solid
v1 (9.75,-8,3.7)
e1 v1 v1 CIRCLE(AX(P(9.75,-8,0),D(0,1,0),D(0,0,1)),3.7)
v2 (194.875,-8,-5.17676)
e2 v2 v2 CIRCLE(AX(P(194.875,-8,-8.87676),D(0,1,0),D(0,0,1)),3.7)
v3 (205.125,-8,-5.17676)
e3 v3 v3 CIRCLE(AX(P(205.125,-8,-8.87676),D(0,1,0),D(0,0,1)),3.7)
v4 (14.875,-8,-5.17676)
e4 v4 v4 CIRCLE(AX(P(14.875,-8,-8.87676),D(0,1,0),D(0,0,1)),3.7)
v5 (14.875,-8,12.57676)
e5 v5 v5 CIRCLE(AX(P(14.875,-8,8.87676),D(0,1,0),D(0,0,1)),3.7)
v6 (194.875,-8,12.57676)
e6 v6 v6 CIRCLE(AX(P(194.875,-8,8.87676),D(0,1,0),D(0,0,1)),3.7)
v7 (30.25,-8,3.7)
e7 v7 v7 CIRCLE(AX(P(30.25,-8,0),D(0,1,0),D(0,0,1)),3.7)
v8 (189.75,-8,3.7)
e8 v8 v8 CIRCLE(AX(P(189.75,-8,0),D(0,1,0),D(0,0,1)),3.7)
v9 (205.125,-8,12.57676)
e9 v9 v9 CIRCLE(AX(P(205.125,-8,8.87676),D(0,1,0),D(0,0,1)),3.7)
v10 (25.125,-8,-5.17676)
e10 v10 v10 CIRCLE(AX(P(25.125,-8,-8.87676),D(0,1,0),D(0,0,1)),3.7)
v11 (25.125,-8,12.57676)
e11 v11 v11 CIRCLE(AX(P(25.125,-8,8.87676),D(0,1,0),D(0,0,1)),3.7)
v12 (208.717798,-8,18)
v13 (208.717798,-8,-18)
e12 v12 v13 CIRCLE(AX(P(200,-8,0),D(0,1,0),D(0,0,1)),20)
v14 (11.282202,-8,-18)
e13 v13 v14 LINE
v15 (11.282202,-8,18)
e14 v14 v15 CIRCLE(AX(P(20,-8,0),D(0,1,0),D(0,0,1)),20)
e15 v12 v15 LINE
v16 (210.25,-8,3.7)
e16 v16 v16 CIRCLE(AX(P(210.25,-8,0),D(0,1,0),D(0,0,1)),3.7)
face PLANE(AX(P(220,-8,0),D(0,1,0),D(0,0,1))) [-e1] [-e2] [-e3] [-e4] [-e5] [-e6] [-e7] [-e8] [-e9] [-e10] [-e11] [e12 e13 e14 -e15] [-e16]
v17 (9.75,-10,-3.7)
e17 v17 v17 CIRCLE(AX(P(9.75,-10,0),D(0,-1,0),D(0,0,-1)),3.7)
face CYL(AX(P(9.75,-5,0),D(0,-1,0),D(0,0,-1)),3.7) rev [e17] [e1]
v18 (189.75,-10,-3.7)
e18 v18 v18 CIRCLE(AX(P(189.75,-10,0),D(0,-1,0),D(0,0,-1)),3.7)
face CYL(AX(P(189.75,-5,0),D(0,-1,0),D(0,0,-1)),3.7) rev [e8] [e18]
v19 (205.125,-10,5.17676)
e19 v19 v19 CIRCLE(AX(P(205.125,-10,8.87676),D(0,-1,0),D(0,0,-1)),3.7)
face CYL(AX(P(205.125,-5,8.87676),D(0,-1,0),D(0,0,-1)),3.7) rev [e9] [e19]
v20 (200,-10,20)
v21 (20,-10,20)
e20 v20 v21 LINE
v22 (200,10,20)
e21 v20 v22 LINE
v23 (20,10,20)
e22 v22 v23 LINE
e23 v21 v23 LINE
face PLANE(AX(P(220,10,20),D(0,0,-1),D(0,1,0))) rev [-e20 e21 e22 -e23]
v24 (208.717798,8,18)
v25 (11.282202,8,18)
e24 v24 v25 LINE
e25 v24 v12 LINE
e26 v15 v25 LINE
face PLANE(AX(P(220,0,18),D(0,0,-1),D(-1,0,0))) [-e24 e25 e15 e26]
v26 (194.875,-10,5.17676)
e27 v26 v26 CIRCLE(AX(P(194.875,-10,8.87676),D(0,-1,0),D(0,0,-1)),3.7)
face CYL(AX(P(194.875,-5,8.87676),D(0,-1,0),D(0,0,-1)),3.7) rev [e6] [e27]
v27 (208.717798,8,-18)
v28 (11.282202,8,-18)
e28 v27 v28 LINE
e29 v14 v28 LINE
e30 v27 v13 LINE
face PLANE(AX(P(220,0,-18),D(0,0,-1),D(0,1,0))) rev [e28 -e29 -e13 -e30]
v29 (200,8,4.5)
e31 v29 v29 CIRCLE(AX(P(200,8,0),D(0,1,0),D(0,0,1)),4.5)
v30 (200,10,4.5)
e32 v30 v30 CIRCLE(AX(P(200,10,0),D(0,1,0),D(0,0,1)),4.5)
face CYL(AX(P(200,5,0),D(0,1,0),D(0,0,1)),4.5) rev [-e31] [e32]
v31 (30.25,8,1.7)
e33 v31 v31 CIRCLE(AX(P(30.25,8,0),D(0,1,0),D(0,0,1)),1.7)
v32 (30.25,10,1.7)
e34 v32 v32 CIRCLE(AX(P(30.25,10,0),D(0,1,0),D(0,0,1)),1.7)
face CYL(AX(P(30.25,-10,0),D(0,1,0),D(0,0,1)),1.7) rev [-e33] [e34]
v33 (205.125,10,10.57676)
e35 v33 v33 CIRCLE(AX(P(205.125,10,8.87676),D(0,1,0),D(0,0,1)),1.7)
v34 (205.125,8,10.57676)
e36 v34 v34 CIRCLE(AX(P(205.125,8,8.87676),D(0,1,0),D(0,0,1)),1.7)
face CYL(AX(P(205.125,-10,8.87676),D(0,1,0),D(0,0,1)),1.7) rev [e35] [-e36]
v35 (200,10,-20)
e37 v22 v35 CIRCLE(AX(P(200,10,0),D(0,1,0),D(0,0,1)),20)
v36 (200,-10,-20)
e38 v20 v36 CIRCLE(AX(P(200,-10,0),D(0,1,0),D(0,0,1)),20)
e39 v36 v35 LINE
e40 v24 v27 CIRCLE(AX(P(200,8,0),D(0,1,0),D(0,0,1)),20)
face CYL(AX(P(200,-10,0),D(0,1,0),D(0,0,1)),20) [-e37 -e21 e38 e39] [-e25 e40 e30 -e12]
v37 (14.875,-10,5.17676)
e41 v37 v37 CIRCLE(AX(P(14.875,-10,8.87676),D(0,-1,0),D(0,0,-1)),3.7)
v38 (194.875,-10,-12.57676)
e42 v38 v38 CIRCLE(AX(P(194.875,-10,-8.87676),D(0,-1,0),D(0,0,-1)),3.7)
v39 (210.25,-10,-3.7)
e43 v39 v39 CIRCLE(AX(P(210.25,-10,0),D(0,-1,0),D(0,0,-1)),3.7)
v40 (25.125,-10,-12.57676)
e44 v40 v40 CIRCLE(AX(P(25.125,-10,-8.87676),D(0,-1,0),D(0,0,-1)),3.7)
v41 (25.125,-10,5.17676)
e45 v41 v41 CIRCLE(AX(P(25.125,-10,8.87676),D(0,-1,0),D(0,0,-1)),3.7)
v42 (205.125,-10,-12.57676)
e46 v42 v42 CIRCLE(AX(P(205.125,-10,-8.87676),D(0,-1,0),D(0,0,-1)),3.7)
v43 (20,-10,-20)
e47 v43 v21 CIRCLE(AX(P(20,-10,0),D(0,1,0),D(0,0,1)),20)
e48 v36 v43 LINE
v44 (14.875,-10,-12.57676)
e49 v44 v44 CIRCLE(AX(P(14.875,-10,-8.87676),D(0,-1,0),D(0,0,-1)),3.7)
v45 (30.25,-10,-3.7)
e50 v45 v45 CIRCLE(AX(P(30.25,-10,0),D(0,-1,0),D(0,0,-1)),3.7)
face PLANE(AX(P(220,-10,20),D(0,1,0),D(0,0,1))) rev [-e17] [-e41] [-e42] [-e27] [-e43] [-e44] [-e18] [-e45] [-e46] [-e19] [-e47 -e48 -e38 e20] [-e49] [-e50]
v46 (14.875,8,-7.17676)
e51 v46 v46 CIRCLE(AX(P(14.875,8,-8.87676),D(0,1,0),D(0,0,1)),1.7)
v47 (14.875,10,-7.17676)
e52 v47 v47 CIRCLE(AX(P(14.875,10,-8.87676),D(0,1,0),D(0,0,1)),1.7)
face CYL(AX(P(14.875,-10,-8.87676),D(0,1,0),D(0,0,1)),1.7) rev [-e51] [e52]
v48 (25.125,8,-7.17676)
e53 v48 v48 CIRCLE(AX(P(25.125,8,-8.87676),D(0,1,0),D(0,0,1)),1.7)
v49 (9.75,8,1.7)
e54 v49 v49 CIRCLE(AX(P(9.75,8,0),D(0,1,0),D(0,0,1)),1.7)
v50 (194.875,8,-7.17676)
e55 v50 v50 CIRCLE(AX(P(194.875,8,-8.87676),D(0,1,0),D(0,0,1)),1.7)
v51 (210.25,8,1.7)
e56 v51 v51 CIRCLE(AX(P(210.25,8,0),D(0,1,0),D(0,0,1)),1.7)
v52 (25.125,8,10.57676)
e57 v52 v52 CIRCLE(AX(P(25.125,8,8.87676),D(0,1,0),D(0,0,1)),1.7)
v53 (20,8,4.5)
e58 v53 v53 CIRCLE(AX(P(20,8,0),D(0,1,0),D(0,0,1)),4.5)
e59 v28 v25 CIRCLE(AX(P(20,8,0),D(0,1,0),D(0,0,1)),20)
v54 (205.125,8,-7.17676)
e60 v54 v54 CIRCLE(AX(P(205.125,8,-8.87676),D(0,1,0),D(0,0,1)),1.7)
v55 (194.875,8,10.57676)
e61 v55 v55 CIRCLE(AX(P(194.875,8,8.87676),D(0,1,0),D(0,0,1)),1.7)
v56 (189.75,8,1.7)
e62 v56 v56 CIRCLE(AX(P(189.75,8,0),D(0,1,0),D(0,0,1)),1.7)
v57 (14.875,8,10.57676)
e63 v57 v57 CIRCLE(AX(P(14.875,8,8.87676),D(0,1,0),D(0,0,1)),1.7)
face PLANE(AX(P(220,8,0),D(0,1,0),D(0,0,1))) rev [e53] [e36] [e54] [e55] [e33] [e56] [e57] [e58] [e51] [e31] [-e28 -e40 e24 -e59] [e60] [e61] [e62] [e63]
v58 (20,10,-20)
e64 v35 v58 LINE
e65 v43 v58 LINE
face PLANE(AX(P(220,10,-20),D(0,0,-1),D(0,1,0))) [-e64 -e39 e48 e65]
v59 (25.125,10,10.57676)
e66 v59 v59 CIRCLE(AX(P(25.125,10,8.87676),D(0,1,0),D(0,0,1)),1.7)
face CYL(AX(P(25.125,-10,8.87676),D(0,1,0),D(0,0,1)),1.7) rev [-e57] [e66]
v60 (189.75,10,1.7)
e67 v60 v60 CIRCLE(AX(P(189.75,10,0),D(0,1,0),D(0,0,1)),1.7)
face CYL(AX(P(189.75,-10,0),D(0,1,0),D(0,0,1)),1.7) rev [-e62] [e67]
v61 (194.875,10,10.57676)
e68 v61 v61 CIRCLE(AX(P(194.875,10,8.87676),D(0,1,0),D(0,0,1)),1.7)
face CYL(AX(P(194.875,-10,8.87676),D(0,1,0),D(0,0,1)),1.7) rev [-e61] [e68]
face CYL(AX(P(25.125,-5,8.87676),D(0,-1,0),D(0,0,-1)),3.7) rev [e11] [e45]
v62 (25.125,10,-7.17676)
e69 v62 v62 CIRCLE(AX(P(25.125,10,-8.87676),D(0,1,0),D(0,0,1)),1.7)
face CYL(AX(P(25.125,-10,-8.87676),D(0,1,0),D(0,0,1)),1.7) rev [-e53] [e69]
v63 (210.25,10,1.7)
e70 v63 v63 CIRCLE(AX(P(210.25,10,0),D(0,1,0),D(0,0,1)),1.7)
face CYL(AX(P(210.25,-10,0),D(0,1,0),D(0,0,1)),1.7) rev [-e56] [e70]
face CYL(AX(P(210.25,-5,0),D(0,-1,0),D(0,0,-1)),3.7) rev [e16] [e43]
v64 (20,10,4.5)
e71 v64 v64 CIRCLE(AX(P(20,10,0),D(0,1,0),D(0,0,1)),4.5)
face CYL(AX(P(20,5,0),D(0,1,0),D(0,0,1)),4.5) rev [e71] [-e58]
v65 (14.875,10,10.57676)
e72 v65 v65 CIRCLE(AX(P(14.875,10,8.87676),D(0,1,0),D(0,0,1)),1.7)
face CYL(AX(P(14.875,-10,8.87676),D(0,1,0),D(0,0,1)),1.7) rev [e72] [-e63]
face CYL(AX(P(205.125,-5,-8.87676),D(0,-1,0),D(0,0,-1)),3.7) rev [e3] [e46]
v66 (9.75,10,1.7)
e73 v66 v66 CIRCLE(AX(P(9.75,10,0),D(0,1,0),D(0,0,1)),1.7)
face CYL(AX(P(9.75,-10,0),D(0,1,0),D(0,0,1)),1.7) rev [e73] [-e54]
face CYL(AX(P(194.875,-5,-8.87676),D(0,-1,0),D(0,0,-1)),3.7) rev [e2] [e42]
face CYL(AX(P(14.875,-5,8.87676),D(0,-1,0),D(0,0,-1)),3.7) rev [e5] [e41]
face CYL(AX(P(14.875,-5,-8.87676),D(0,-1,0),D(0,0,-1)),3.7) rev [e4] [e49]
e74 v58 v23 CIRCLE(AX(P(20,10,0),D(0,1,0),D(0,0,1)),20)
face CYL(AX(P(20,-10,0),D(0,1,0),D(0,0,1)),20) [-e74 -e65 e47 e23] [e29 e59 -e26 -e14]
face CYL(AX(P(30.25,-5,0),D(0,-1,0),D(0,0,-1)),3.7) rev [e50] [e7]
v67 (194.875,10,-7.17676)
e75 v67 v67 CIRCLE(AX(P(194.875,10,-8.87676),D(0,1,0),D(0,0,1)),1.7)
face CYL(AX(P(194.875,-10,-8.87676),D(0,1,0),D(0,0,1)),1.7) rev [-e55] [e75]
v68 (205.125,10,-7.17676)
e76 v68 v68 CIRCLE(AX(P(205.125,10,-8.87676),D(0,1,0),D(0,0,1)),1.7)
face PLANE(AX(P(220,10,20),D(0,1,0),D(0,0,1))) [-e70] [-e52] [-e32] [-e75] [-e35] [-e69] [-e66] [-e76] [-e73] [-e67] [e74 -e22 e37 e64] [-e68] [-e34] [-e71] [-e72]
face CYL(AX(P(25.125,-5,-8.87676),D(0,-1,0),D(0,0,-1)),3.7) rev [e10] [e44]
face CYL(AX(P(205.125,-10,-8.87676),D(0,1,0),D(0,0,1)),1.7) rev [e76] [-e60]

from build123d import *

# Parameters (mm, degrees)
SKIZZE1_W                       = 40
SKIZZE1_H                       = 20
SKIZZE1_W_2                     = 36
SKIZZE1_H_2                     = 16
AUFSATZ_LINEAR_AUSTRAGEN1_DEPTH = 220
SKIZZE2_R                       = 1.7
SCHNITT_LINEAR_AUSTRAGEN1_DEPTH = 222.810730128
SKIZZE4_R                       = 3.7
SCHNITT_LINEAR_AUSTRAGEN2_DEPTH = 5
SKIZZE2_3_R                     = 4.5
SCHNITT_LINEAR_AUSTRAGEN3_DEPTH = 5


with BuildPart() as part:
    # Skizze1 → Aufsatz-Linear austragen1 (new body)
    with BuildSketch(Plane(origin=(0, 0, 0), x_dir=(0, 0, -1), z_dir=(1, 0, 0))):
        Rectangle(SKIZZE1_W, SKIZZE1_H)
        Rectangle(SKIZZE1_W_2, SKIZZE1_H_2, mode=Mode.SUBTRACT)
    extrude(amount=AUFSATZ_LINEAR_AUSTRAGEN1_DEPTH)

    # Skizze2 → Schnitt-Linear austragen1 (cut, through all)
    with BuildSketch(Plane(origin=(0, 10, 0), x_dir=(1, 0, 0), z_dir=(0, 1, 0))):
        with BuildLine():
            Line((20, 20), (0, 20))
            Line((0, 20), (0, -4.7e-08))
            ThreePointArc((0, -4.7e-08), (5.85786436, 14.142135607), (20, 20))
        make_face()
        with BuildLine():
            ThreePointArc((20, -20), (5.857864393, -14.14213564), (0, -4.7e-08))
            Line((0, -4.7e-08), (0, -20))
            Line((0, -20), (20, -20))
        make_face()
        with BuildLine():
            Line((220, 20), (200, 20))
            ThreePointArc((200, 20), (214.142135624, 14.142135624), (220, 0))
            Line((220, 0), (220, 20))
        make_face()
        with BuildLine():
            ThreePointArc((220, 0), (214.142135624, -14.142135624), (200, -20))
            Line((200, -20), (220, -20))
            Line((220, -20), (220, 0))
        make_face()
        with Locations((30.25, 0)):
            Circle(SKIZZE2_R)
        with Locations((189.75, 0)):
            Circle(SKIZZE2_R)
        with Locations((25.125, -8.876760389)):
            Circle(SKIZZE2_R)
        with Locations((14.875, -8.876760389)):
            Circle(SKIZZE2_R)
        with Locations((9.75, 0)):
            Circle(SKIZZE2_R)
        with Locations((14.875, 8.876760389)):
            Circle(SKIZZE2_R)
        with Locations((25.125, 8.876760389)):
            Circle(SKIZZE2_R)
        with Locations((194.875, 8.876760389)):
            Circle(SKIZZE2_R)
        with Locations((205.125, 8.876760389)):
            Circle(SKIZZE2_R)
        with Locations((210.25, 0)):
            Circle(SKIZZE2_R)
        with Locations((205.125, -8.876760389)):
            Circle(SKIZZE2_R)
        with Locations((194.875, -8.876760389)):
            Circle(SKIZZE2_R)
    extrude(amount=-SCHNITT_LINEAR_AUSTRAGEN1_DEPTH, mode=Mode.SUBTRACT)

    # Skizze4 → Schnitt-Linear austragen2 (cut)
    with BuildSketch(Plane.XZ.offset(10)):
        with Locations((189.75, 0)):
            Circle(SKIZZE4_R)
        with Locations((194.875, -8.876760389)):
            Circle(SKIZZE4_R)
        with Locations((205.125, -8.876760389)):
            Circle(SKIZZE4_R)
        with Locations((210.25, 0)):
            Circle(SKIZZE4_R)
        with Locations((205.125, 8.876760389)):
            Circle(SKIZZE4_R)
        with Locations((194.875, 8.876760389)):
            Circle(SKIZZE4_R)
        with Locations((30.25, 0)):
            Circle(SKIZZE4_R)
        with Locations((25.125, -8.876760389)):
            Circle(SKIZZE4_R)
        with Locations((14.875, -8.876760389)):
            Circle(SKIZZE4_R)
        with Locations((9.75, 0)):
            Circle(SKIZZE4_R)
        with Locations((25.125, 8.876760389)):
            Circle(SKIZZE4_R)
        with Locations((14.875, 8.876760389)):
            Circle(SKIZZE4_R)
    extrude(amount=-SCHNITT_LINEAR_AUSTRAGEN2_DEPTH, mode=Mode.SUBTRACT)

    # Skizze2<3> → Schnitt-Linear austragen3 (cut)
    with BuildSketch(Plane(origin=(0, 10, 0), x_dir=(1, 0, 0), z_dir=(0, 1, 0))):
        with Locations((20, 0)):
            Circle(SKIZZE2_3_R)
        with Locations((200, 0)):
            Circle(SKIZZE2_3_R)
    extrude(amount=-SCHNITT_LINEAR_AUSTRAGEN3_DEPTH, mode=Mode.SUBTRACT)


solid = part.part
